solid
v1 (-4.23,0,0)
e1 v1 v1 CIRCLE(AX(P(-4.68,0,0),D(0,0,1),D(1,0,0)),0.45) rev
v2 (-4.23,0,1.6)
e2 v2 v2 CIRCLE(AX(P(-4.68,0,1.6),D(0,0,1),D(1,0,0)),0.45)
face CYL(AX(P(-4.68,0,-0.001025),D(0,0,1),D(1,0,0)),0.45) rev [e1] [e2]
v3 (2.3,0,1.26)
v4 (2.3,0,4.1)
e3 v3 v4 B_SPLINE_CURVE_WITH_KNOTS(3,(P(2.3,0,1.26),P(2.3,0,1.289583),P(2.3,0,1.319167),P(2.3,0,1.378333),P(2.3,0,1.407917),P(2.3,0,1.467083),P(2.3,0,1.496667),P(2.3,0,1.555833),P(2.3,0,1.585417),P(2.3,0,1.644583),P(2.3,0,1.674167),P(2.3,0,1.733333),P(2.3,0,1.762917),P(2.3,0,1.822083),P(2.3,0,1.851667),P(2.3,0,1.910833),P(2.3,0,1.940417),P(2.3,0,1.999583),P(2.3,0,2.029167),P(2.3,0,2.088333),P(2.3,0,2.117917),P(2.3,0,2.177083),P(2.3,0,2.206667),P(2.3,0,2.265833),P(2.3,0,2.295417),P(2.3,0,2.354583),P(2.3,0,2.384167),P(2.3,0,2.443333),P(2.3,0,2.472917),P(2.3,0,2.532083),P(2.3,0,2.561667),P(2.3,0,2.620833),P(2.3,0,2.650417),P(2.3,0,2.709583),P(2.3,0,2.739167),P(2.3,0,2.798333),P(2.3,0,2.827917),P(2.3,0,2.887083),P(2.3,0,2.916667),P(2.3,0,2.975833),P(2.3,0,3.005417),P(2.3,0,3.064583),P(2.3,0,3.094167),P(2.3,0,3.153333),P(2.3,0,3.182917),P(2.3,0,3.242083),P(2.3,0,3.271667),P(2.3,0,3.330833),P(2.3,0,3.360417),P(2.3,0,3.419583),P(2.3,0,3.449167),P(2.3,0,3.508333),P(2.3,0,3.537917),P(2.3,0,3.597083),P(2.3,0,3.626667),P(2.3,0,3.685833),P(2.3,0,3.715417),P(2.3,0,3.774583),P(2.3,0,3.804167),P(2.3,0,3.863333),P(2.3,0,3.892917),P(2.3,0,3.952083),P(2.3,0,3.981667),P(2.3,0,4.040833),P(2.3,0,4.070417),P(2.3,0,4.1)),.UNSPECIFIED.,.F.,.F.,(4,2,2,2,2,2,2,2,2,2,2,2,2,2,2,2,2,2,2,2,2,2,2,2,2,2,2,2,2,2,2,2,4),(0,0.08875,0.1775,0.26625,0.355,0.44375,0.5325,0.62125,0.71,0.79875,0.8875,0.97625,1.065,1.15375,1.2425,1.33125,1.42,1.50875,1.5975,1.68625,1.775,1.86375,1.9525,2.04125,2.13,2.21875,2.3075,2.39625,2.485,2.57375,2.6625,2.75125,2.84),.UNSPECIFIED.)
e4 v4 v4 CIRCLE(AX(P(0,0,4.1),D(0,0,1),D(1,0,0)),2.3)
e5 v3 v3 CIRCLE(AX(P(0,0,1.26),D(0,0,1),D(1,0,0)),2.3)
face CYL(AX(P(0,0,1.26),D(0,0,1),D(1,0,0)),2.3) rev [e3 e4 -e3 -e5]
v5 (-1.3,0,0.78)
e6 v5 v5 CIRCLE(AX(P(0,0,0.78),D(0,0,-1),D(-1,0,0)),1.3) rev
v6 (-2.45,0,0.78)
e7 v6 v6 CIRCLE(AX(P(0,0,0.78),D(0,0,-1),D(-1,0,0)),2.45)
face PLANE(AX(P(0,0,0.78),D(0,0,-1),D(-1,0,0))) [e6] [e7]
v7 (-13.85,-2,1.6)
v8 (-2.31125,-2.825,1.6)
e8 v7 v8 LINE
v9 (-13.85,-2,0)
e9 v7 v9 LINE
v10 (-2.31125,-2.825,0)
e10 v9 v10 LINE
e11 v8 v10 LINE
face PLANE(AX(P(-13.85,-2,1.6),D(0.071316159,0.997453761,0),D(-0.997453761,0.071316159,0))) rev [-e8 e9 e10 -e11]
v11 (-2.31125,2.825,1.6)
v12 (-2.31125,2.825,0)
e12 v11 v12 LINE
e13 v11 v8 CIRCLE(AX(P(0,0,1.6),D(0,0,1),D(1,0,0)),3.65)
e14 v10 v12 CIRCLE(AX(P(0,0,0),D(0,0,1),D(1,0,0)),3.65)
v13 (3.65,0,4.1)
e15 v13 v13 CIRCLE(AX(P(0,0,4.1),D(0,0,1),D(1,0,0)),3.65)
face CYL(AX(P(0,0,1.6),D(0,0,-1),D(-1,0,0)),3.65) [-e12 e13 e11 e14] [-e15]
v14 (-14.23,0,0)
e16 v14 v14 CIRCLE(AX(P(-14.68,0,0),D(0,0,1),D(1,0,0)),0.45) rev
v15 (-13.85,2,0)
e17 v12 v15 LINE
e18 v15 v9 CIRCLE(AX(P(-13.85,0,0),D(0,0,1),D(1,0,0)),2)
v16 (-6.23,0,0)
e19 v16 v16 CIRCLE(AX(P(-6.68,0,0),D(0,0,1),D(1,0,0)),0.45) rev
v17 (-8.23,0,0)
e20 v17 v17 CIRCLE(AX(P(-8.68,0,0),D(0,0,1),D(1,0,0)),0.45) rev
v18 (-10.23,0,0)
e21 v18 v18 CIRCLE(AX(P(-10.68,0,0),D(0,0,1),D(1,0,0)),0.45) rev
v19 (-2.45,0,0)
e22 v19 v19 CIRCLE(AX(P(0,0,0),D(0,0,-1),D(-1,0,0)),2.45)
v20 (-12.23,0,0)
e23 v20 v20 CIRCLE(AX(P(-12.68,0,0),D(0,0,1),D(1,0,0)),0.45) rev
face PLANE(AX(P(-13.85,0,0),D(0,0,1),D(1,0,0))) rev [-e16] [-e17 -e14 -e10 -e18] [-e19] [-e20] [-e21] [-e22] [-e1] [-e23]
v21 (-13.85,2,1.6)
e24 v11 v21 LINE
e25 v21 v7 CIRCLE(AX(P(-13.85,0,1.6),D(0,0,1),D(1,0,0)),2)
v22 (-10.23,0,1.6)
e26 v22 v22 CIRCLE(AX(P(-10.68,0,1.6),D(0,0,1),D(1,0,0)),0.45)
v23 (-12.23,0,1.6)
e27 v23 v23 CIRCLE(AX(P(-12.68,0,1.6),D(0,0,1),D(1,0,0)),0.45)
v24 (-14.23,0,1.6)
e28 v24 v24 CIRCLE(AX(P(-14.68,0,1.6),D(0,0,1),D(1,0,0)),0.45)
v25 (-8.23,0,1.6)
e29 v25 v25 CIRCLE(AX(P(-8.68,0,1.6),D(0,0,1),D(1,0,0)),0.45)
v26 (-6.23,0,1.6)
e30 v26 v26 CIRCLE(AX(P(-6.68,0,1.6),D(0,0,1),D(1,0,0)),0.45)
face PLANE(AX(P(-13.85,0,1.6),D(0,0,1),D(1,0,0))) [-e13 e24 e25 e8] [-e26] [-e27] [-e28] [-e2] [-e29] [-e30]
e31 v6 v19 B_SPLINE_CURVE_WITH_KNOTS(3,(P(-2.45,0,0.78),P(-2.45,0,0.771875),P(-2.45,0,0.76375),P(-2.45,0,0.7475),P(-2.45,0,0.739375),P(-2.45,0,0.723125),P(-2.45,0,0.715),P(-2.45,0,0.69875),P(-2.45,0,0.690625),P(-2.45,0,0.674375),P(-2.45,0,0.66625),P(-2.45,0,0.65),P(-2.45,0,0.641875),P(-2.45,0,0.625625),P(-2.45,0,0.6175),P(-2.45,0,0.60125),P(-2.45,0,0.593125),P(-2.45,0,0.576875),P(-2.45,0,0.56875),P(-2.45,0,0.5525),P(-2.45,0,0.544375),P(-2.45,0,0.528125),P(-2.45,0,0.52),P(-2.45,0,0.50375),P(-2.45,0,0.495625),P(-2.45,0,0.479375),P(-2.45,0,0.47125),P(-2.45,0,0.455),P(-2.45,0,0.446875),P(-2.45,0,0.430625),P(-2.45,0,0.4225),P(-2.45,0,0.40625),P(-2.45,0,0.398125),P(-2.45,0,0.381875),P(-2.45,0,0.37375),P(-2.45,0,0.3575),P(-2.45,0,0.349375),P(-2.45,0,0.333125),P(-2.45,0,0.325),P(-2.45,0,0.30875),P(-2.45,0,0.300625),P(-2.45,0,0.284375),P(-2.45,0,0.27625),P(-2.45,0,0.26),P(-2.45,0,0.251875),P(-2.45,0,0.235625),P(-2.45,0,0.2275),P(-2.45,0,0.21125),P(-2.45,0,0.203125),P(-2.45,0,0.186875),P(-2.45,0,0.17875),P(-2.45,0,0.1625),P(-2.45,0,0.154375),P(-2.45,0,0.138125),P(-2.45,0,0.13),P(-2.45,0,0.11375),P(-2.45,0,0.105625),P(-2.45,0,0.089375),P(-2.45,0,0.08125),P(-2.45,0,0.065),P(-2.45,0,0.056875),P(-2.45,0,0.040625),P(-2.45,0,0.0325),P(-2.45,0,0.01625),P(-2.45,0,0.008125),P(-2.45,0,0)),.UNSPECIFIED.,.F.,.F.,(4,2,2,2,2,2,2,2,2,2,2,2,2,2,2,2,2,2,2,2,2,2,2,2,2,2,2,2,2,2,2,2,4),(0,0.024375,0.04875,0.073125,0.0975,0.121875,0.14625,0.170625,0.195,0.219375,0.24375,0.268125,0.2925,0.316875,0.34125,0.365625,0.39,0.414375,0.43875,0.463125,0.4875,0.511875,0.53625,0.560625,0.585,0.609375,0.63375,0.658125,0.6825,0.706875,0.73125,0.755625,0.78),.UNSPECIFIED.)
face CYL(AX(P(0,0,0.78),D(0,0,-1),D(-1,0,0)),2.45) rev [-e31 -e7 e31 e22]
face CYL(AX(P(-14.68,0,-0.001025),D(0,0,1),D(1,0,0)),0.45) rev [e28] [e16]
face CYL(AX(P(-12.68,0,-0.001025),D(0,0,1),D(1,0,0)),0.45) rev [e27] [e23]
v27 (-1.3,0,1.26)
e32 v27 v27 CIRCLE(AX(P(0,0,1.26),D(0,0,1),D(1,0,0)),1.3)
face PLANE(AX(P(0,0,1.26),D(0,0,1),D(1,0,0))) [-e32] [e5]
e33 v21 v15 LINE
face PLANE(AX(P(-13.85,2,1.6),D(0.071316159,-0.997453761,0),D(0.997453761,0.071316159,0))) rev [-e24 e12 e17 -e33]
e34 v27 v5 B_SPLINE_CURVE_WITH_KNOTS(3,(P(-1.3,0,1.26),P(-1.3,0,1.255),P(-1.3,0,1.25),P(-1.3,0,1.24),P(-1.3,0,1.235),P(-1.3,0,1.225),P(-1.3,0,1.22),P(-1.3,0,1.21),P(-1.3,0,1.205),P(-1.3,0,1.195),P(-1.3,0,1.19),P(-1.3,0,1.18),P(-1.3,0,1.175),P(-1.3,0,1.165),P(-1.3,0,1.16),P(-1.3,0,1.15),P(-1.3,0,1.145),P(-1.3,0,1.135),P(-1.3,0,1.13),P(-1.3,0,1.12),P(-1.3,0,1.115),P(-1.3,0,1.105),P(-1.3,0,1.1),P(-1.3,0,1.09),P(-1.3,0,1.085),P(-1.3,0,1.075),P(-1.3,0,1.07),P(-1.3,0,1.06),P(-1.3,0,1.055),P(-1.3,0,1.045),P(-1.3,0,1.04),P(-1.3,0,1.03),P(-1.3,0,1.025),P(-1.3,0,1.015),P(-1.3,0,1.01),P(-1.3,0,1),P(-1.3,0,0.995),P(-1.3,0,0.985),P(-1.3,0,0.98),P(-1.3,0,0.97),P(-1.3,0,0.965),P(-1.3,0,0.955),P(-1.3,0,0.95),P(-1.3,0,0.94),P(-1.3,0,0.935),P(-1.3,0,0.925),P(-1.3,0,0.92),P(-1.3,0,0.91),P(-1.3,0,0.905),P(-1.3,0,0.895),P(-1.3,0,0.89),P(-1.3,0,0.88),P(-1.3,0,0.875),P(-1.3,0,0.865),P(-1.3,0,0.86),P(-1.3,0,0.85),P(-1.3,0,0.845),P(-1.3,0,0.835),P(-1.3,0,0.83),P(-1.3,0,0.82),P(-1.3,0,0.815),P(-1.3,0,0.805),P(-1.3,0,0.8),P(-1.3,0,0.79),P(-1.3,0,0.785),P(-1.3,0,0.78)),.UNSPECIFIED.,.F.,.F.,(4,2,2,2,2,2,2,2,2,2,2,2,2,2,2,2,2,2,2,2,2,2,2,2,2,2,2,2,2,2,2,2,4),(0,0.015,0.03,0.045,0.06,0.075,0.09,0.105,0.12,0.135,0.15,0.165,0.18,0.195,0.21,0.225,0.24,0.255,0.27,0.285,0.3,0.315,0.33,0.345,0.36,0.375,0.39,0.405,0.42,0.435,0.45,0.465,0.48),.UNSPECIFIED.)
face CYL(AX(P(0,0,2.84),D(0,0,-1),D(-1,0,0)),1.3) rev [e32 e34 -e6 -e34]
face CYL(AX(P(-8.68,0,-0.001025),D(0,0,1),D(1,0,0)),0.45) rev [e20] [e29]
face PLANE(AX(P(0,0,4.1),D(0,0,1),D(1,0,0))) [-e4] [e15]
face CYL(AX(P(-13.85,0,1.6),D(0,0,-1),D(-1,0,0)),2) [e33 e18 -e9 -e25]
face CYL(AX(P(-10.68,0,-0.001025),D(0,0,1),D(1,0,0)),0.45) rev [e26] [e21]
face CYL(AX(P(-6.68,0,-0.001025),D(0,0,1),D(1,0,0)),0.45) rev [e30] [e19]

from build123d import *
from build123d.topology import SkipClean

# Parameters (mm, degrees)
RESSALTO_EXTRUS_O1_DEPTH = 1.6
ESBO_O2_R                = 3.65
RESSALTO_EXTRUS_O2_DEPTH = 2.5
ESBO_O3_R                = 2.3
CORTE_EXTRUS_O1_DEPTH    = 2.84
CORTE_EXTRUS_O2_REACH    = 18.456
ESBO_O4_R                = 0.45
ESBO_O5_R                = 1.3
CORTE_EXTRUS_O3_DEPTH    = 2.84
ESBO_O6_R                = 2.45
CORTE_EXTRUS_O4_DEPTH    = 0.78


with BuildPart() as part:
    # Esboço1 → Ressalto-extrusão1 (new body)
    with BuildSketch(Plane.XY):
        with BuildLine():
            Line((-13.85, 2), (-2.311249662, 2.825))
            ThreePointArc((-2.311249662, 2.825), (3.65, 0), (-2.311249662, -2.825))
            Line((-2.311249662, -2.825), (-13.85, -2))
            ThreePointArc((-13.85, -2), (-15.85, 0), (-13.85, 2))
        make_face()
    extrude(amount=RESSALTO_EXTRUS_O1_DEPTH)

    # Esboço2 → Ressalto-extrusão2 (add)
    with SkipClean():  # the faces are left unmerged after this step: merging them gives an invalid solid
        with BuildSketch(Plane.XY.offset(1.6)):
            with Locations(Location((0, 0, 0), (0, 0, 230.711977832))):
                Circle(ESBO_O2_R)
        extrude(amount=RESSALTO_EXTRUS_O2_DEPTH)

    # Esboço3 → Corte-extrusão1 (cut)
    with SkipClean():  # the faces are left unmerged after this step: merging them gives an invalid solid
        with BuildSketch(Plane.XY.offset(4.1)):
            Circle(ESBO_O3_R)
        extrude(amount=-CORTE_EXTRUS_O1_DEPTH, mode=Mode.SUBTRACT)

    # Esboço4 → Corte-extrusão2 (cut, up to next)
    with BuildSketch(Plane.XY.offset(1.6), mode=Mode.PRIVATE) as corte_extrus_o2_sk1:
        with Locations((-4.68, 0)):
            Circle(ESBO_O4_R)
    corte_extrus_o2_tool1 = extrude(corte_extrus_o2_sk1.sketch, amount=-CORTE_EXTRUS_O2_REACH, mode=Mode.PRIVATE) & part.part
    # Esboço4 → Corte-extrusão2 (cut, up to next)
    with BuildSketch(Plane.XY.offset(1.6), mode=Mode.PRIVATE) as corte_extrus_o2_sk2:
        with Locations((-6.68, 0)):
            Circle(ESBO_O4_R)
    corte_extrus_o2_tool2 = extrude(corte_extrus_o2_sk2.sketch, amount=-CORTE_EXTRUS_O2_REACH, mode=Mode.PRIVATE) & part.part
    # Esboço4 → Corte-extrusão2 (cut, up to next)
    with BuildSketch(Plane.XY.offset(1.6), mode=Mode.PRIVATE) as corte_extrus_o2_sk3:
        with Locations((-8.68, 0)):
            Circle(ESBO_O4_R)
    corte_extrus_o2_tool3 = extrude(corte_extrus_o2_sk3.sketch, amount=-CORTE_EXTRUS_O2_REACH, mode=Mode.PRIVATE) & part.part
    # Esboço4 → Corte-extrusão2 (cut, up to next)
    with BuildSketch(Plane.XY.offset(1.6), mode=Mode.PRIVATE) as corte_extrus_o2_sk4:
        with Locations((-10.68, 0)):
            Circle(ESBO_O4_R)
    corte_extrus_o2_tool4 = extrude(corte_extrus_o2_sk4.sketch, amount=-CORTE_EXTRUS_O2_REACH, mode=Mode.PRIVATE) & part.part
    # Esboço4 → Corte-extrusão2 (cut, up to next)
    with BuildSketch(Plane.XY.offset(1.6), mode=Mode.PRIVATE) as corte_extrus_o2_sk5:
        with Locations((-12.68, 0)):
            Circle(ESBO_O4_R)
    corte_extrus_o2_tool5 = extrude(corte_extrus_o2_sk5.sketch, amount=-CORTE_EXTRUS_O2_REACH, mode=Mode.PRIVATE) & part.part
    # Esboço4 → Corte-extrusão2 (cut, up to next)
    with BuildSketch(Plane.XY.offset(1.6), mode=Mode.PRIVATE) as corte_extrus_o2_sk6:
        with Locations((-14.68, 0)):
            Circle(ESBO_O4_R)
    corte_extrus_o2_tool6 = extrude(corte_extrus_o2_sk6.sketch, amount=-CORTE_EXTRUS_O2_REACH, mode=Mode.PRIVATE) & part.part
    add(corte_extrus_o2_tool1.solids().sort_by_distance((-4.68, 0, 1.6))[0], mode=Mode.SUBTRACT)
    add(corte_extrus_o2_tool2.solids().sort_by_distance((-6.68, 0, 1.6))[0], mode=Mode.SUBTRACT)
    add(corte_extrus_o2_tool3.solids().sort_by_distance((-8.68, 0, 1.6))[0], mode=Mode.SUBTRACT)
    add(corte_extrus_o2_tool4.solids().sort_by_distance((-10.68, 0, 1.6))[0], mode=Mode.SUBTRACT)
    add(corte_extrus_o2_tool5.solids().sort_by_distance((-12.68, 0, 1.6))[0], mode=Mode.SUBTRACT)
    add(corte_extrus_o2_tool6.solids().sort_by_distance((-14.68, 0, 1.6))[0], mode=Mode.SUBTRACT)

    # Esboço5 → Corte-extrusão3 (cut)
    with SkipClean():  # the faces are left unmerged after this step: merging them gives an invalid solid
        with BuildSketch(Plane(origin=(0, 0, 0), x_dir=(-1, 0, 0), z_dir=(0, 0, -1))):
            Circle(ESBO_O5_R)
        extrude(amount=-CORTE_EXTRUS_O3_DEPTH, mode=Mode.SUBTRACT)

    # Esboço6 → Corte-extrusão4 (cut)
    with SkipClean():  # the faces are left unmerged after this step: merging them gives an invalid solid
        with BuildSketch(Plane(origin=(0, 0, 0), x_dir=(-1, 0, 0), z_dir=(0, 0, -1))):
            Circle(ESBO_O6_R)
        extrude(amount=-CORTE_EXTRUS_O4_DEPTH, mode=Mode.SUBTRACT)


solid = part.part
